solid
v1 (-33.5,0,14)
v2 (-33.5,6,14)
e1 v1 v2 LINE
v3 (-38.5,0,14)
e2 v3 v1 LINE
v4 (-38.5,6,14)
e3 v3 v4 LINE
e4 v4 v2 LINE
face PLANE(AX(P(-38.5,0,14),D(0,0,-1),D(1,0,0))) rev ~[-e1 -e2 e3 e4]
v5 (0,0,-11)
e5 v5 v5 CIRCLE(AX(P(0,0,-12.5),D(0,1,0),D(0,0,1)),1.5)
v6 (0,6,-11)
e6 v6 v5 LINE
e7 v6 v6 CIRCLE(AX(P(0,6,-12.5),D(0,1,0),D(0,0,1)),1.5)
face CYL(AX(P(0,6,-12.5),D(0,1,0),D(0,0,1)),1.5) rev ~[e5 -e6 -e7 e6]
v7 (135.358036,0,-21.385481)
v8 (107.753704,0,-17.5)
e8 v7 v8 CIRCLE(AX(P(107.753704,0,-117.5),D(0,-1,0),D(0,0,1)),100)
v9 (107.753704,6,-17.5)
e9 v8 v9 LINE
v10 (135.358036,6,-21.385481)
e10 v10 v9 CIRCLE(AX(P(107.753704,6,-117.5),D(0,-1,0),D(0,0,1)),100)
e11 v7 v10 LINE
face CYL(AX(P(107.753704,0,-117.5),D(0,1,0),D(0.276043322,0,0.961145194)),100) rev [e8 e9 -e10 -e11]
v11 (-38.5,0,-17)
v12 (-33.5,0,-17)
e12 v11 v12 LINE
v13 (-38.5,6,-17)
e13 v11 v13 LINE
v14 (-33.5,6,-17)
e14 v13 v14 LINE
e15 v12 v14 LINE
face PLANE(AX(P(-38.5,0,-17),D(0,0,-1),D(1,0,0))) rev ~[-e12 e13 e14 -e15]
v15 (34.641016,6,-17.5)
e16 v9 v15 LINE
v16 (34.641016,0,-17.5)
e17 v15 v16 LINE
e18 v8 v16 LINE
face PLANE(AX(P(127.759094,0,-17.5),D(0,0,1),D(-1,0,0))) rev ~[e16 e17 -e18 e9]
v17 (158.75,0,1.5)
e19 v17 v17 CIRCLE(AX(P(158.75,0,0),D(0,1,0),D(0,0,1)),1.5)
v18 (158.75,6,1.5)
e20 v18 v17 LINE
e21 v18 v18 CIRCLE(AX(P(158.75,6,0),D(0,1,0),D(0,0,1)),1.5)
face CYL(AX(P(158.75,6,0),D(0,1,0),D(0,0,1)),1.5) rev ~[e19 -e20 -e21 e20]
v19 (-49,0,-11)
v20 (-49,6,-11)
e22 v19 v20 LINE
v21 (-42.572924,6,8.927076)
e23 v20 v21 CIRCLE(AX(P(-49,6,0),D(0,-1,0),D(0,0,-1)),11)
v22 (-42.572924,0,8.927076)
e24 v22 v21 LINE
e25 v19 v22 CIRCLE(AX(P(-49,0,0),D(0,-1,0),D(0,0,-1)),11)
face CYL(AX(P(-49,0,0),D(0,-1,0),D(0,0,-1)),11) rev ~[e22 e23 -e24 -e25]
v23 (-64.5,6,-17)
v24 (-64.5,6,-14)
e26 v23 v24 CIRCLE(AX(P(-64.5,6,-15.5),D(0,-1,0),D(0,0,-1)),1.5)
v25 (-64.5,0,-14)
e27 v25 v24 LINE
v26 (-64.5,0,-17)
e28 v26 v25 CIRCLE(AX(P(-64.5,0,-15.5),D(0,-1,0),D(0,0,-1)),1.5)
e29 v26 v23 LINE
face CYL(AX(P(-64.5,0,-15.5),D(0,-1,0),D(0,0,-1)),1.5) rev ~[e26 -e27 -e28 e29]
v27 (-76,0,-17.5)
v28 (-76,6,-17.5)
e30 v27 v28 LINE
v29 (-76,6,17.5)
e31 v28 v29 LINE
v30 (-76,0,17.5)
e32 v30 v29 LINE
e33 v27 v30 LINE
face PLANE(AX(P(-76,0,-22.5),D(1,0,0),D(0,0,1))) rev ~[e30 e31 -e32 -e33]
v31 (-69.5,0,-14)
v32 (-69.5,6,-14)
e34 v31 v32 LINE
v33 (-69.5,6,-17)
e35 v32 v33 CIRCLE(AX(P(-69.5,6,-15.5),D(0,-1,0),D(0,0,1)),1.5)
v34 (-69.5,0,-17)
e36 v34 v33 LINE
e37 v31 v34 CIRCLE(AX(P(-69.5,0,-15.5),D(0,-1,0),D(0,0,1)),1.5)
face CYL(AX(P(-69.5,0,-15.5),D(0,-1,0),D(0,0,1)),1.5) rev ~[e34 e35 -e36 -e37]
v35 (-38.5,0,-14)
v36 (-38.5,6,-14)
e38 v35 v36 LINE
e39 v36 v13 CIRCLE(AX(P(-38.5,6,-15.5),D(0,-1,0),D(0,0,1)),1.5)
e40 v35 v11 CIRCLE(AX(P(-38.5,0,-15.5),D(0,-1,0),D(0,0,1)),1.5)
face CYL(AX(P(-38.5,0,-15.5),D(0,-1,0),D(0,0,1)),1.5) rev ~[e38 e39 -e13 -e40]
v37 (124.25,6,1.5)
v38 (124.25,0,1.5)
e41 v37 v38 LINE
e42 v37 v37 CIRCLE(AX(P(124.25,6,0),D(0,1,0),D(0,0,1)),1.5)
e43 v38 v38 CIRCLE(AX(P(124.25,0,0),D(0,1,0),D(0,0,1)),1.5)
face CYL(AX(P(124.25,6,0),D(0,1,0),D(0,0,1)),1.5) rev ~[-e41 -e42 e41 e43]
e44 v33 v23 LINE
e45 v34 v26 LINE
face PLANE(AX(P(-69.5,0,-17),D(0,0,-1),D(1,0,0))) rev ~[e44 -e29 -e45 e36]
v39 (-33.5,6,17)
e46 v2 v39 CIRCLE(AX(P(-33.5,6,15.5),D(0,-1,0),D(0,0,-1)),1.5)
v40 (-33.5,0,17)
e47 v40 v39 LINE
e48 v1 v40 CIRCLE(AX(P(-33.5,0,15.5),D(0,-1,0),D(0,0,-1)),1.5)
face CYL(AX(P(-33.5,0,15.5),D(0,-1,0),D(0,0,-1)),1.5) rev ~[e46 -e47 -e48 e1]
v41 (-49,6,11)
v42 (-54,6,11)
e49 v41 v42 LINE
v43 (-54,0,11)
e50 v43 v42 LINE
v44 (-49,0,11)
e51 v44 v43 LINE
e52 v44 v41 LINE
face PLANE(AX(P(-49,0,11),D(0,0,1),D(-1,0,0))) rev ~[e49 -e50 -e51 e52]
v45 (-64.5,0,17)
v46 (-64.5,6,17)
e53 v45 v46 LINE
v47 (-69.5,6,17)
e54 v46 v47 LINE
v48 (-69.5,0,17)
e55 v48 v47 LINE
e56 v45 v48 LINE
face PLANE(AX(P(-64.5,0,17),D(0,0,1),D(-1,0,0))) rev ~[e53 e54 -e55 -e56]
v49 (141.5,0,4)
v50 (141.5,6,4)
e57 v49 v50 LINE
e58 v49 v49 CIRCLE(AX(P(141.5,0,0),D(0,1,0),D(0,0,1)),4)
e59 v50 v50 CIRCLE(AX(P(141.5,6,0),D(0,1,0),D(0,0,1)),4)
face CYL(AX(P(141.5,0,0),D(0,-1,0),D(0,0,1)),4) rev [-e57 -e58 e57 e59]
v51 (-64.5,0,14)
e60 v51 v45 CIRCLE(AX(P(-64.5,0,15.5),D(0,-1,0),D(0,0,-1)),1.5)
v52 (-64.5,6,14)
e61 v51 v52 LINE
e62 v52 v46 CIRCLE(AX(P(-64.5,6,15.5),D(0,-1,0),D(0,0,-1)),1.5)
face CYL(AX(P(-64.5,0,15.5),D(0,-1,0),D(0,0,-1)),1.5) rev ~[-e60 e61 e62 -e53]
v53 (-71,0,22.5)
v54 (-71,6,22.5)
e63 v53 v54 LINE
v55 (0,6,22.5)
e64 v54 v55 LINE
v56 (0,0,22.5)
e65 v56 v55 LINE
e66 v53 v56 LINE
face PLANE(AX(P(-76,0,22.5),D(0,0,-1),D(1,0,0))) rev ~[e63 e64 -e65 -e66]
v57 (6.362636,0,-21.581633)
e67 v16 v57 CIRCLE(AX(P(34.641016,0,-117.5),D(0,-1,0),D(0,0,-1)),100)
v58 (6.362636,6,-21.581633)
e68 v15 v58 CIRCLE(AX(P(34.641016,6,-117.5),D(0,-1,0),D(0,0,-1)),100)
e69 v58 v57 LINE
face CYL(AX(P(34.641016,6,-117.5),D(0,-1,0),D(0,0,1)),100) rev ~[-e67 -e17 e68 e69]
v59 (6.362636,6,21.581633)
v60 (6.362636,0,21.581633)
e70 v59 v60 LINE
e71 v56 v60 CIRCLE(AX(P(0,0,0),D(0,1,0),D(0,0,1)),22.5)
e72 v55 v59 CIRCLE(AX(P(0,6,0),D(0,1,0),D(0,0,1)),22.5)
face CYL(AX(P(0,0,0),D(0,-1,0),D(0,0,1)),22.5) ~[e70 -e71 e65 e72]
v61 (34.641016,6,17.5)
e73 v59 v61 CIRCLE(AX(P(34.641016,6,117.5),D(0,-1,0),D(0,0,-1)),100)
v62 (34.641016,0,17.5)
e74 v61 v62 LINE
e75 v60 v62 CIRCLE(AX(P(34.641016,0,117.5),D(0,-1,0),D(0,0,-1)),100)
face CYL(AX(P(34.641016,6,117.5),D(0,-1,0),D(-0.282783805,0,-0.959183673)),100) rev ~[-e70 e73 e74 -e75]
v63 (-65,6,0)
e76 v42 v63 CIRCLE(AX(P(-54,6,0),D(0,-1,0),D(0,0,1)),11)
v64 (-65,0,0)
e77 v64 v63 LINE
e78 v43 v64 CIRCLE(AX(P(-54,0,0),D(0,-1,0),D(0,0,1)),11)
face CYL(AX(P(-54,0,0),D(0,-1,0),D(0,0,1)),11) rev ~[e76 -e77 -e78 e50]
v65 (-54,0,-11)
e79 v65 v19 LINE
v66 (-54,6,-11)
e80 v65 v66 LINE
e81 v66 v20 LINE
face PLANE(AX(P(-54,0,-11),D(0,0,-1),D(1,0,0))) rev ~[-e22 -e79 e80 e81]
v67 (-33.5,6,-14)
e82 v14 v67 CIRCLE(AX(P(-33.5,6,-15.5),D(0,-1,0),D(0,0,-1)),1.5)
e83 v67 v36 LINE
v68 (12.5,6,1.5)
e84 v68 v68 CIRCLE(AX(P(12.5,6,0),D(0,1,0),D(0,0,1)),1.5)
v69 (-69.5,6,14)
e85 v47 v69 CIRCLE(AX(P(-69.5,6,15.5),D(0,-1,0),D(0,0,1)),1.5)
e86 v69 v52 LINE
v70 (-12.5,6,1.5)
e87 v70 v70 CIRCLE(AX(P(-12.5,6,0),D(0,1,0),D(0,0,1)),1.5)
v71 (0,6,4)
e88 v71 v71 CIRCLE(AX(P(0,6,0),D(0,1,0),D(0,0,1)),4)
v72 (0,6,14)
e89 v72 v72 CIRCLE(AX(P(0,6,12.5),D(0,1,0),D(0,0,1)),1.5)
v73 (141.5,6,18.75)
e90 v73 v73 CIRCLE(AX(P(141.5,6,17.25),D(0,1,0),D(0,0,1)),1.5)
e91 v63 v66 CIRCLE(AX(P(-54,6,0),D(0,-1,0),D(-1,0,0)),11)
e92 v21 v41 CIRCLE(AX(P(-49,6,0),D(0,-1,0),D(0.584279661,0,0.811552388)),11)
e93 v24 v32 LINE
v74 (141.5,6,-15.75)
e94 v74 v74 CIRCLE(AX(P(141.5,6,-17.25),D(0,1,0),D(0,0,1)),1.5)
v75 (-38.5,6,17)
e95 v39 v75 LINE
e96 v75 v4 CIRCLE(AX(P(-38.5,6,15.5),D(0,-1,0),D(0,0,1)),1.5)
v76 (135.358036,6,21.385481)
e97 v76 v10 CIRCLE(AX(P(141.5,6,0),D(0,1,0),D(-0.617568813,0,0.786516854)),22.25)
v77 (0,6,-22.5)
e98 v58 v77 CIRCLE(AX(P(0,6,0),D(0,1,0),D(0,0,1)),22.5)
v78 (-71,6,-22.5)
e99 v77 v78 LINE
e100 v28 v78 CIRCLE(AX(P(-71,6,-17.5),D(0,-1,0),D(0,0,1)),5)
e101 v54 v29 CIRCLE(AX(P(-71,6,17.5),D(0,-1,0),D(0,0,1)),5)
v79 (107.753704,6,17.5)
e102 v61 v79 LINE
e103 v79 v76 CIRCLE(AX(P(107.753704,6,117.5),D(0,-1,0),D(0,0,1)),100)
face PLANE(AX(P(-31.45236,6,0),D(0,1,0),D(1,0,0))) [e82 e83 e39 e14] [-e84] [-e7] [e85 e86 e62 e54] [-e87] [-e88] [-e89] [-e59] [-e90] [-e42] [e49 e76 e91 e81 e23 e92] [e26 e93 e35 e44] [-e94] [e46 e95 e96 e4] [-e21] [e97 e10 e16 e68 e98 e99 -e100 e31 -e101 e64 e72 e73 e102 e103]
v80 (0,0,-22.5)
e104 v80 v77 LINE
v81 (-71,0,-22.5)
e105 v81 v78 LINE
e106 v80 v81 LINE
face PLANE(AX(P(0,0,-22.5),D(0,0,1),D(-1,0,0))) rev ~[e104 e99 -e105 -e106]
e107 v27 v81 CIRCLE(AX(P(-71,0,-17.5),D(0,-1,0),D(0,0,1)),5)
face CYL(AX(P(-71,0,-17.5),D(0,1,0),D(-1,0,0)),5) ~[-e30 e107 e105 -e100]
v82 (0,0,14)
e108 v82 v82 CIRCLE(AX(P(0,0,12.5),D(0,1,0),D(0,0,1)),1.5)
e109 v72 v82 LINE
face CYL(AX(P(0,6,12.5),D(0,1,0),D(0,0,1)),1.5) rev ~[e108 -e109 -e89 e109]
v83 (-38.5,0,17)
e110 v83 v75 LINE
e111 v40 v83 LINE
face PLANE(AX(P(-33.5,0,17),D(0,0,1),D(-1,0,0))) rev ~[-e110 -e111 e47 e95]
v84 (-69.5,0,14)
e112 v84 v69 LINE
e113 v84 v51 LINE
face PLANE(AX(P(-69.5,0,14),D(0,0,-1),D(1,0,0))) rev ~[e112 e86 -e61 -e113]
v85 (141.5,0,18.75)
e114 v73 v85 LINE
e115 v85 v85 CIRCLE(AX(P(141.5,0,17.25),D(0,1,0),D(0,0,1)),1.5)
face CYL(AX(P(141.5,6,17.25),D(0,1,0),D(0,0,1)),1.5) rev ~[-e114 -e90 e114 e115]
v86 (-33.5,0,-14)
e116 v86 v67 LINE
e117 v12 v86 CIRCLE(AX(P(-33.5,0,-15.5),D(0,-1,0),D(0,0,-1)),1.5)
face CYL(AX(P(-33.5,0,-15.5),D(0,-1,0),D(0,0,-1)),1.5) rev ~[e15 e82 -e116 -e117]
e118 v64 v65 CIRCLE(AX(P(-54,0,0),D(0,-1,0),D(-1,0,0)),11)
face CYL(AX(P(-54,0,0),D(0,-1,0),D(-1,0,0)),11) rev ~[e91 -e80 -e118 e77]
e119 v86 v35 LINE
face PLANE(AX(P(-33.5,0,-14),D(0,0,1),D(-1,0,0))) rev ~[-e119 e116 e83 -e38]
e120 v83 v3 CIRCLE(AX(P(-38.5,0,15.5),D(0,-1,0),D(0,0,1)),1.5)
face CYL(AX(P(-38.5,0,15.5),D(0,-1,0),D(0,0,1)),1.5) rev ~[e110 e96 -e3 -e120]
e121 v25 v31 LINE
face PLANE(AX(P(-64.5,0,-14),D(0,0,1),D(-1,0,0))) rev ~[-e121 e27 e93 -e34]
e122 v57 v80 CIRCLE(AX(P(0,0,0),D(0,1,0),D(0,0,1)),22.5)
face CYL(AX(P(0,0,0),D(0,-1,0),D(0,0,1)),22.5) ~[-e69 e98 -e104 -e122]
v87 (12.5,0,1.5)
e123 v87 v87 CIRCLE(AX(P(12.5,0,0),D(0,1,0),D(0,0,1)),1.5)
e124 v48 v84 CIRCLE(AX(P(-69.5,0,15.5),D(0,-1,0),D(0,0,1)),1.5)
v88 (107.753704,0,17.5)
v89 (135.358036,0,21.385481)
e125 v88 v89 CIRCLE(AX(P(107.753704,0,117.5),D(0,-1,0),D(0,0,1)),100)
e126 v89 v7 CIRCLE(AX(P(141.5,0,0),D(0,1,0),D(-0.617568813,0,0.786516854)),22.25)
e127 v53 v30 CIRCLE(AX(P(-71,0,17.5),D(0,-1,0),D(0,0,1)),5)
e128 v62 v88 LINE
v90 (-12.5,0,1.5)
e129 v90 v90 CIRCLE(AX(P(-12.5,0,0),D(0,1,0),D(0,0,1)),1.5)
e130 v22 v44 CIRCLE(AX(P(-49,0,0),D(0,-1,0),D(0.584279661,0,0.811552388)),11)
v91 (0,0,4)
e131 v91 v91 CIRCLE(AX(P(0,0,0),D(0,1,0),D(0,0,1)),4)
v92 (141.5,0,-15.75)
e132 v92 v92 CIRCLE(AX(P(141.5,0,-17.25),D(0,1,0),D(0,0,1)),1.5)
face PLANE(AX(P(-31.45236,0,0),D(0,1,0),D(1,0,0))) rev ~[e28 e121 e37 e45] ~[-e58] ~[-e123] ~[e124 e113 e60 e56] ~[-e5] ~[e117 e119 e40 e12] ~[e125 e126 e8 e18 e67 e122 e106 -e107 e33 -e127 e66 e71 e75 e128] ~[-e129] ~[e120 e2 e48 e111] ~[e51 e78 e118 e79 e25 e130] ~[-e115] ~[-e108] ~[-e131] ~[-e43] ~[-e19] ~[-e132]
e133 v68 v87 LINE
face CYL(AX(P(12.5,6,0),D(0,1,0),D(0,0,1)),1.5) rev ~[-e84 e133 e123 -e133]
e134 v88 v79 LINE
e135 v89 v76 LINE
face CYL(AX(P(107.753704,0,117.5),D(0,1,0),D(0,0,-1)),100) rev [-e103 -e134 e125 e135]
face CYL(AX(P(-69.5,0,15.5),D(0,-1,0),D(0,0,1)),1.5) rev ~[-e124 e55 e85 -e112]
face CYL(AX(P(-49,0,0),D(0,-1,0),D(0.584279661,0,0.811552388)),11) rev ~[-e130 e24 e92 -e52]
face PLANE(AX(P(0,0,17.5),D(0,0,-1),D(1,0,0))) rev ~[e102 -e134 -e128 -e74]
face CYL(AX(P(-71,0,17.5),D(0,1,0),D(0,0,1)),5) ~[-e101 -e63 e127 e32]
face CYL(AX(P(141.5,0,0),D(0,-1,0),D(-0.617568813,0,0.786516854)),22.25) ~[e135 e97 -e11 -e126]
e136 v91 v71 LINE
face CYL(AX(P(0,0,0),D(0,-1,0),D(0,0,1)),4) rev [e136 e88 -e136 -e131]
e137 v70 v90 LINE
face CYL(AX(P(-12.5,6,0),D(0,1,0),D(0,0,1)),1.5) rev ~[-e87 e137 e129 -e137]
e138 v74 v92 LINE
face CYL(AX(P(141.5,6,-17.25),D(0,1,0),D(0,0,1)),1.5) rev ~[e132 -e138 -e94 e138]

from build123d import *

# Parameters (mm, degrees)
SKETCH1_R           = 4
BOSS_EXTRUDE1_DEPTH = 6
BOSS_EXTRUDE2_START = -6
SKETCH2_R           = 4
BOSS_EXTRUDE2_DEPTH = 6
FILLET1_R           = 5
SKETCH3_R           = 1.5
CUT_EXTRUDE1_DEPTH  = 19
SKETCH4_R           = 1.5
CUT_EXTRUDE2_DEPTH  = 19
FILLET2_R           = 100


with BuildPart() as part:
    # Sketch1 → Boss-Extrude1 (new body)
    with BuildSketch(Plane(origin=(0, 0, 0), x_dir=(1, 0, 0), z_dir=(0, 1, 0))):
        with BuildLine():
            Line((0, -17.5), (127.759093916, -17.5))
            ThreePointArc((127.759093916, -17.5), (163.75, 0), (127.759093916, 17.5))
            Line((127.759093916, 17.5), (0, 17.5))
            ThreePointArc((0, 17.5), (-17.5, 0), (0, -17.5))
        make_face()
        with Locations(Location((141.5, 0, 0), (0, 0, 270))):
            Circle(SKETCH1_R, mode=Mode.SUBTRACT)
        with Locations(Location((0, 0, 0), (0, 0, 270))):
            Circle(SKETCH1_R, mode=Mode.SUBTRACT)
    extrude(amount=BOSS_EXTRUDE1_DEPTH)

    # Sketch2 → Boss-Extrude2 (add)
    with BuildSketch(Plane(origin=(0, 6, 0), x_dir=(1, 0, 0), z_dir=(0, 1, 0)).offset(BOSS_EXTRUDE2_START)):
        with BuildLine():
            ThreePointArc((0, -22.5), (22.5, 0), (0, 22.5))
            Line((0, 22.5), (-76, 22.5))
            Line((-76, 22.5), (-76, -22.5))
            Line((-76, -22.5), (0, -22.5))
        make_face()
        with BuildLine():
            Line((-64.5, -17), (-69.5, -17))
            ThreePointArc((-69.5, -17), (-71, -15.5), (-69.5, -14))
            Line((-69.5, -14), (-64.5, -14))
            ThreePointArc((-64.5, -14), (-63, -15.5), (-64.5, -17))
        make_face(mode=Mode.SUBTRACT)
        with BuildLine():
            Line((-38.5, -14), (-37.5, -14))
            Line((-37.5, -14), (-33.5, -14))
            ThreePointArc((-33.5, -14), (-32, -15.5), (-33.5, -17))
            Line((-33.5, -17), (-38.5, -17))
            ThreePointArc((-38.5, -17), (-40, -15.5), (-38.5, -14))
        make_face(mode=Mode.SUBTRACT)
        with BuildLine():
            ThreePointArc((-49, 11), (-38.531049744, 3.376548613), (-42.572923734, -8.927076266))
            ThreePointArc((-42.572923734, -8.927076266), (-45.623451387, -10.468950256), (-49, -11))
            Line((-49, -11), (-54, -11))
            ThreePointArc((-54, -11), (-61.778174593, -7.778174593), (-65, 0))
            ThreePointArc((-65, 0), (-61.778174593, 7.778174593), (-54, 11))
            Line((-54, 11), (-49, 11))
        make_face(mode=Mode.SUBTRACT)
        with BuildLine():
            ThreePointArc((-64.5, 17), (-63, 15.5), (-64.5, 14))
            Line((-64.5, 14), (-69.5, 14))
            ThreePointArc((-69.5, 14), (-71, 15.5), (-69.5, 17))
            Line((-69.5, 17), (-64.5, 17))
        make_face(mode=Mode.SUBTRACT)
        with BuildLine():
            ThreePointArc((-33.5, 17), (-32, 15.5), (-33.5, 14))
            Line((-33.5, 14), (-38.5, 14))
            ThreePointArc((-38.5, 14), (-40, 15.5), (-38.5, 17))
            Line((-38.5, 17), (-33.5, 17))
        make_face(mode=Mode.SUBTRACT)
        with Locations(Location((0, 0, 0), (0, 0, 270))):
            Circle(SKETCH2_R, mode=Mode.SUBTRACT)
    extrude(amount=BOSS_EXTRUDE2_DEPTH)

    # Fillet1
    fillet1_edges = [part.edges().sort_by_distance(p)[0] for p in [
        (-76, 3, 22.5),
        (-76, 3, -22.5),
    ]]
    fillet(fillet1_edges, radius=FILLET1_R)

    # Sketch3 → Cut-Extrude1 (cut)
    with BuildSketch(Plane(origin=(0, 6, 0), x_dir=(1, 0, 0), z_dir=(0, 1, 0))):
        with Locations(Location((0, 12.5, 0), (0, 0, 270))):
            Circle(SKETCH3_R)
        with Locations(Location((12.5, 0, 0), (0, 0, 270))):
            Circle(SKETCH3_R)
        with Locations(Location((0, -12.5, 0), (0, 0, 270))):
            Circle(SKETCH3_R)
        with Locations(Location((-12.5, 0, 0), (0, 0, 270))):
            Circle(SKETCH3_R)
    extrude(amount=-CUT_EXTRUDE1_DEPTH, mode=Mode.SUBTRACT)

    # Sketch4 → Cut-Extrude2 (cut)
    with BuildSketch(Plane(origin=(0, 6, 0), x_dir=(1, 0, 0), z_dir=(0, 1, 0))):
        with Locations(Location((158.75, 0, 0), (0, 0, 270))):
            Circle(SKETCH4_R)
        with Locations(Location((141.5, -17.25, 0), (0, 0, 270))):
            Circle(SKETCH4_R)
        with Locations(Location((124.25, 0, 0), (0, 0, 270))):
            Circle(SKETCH4_R)
        with Locations(Location((141.5, 17.25, 0), (0, 0, 270))):
            Circle(SKETCH4_R)
    extrude(amount=-CUT_EXTRUDE2_DEPTH, mode=Mode.SUBTRACT)

    # Fillet2
    fillet2_edges = [part.edges().sort_by_distance(p)[0] for p in [
        (127.759093916, 3, -17.5),
        (127.759093916, 3, 17.5),
        (14.142135624, 3, -17.5),
        (14.142135624, 3, 17.5),
    ]]
    fillet(fillet2_edges, radius=FILLET2_R)


solid = part.part
